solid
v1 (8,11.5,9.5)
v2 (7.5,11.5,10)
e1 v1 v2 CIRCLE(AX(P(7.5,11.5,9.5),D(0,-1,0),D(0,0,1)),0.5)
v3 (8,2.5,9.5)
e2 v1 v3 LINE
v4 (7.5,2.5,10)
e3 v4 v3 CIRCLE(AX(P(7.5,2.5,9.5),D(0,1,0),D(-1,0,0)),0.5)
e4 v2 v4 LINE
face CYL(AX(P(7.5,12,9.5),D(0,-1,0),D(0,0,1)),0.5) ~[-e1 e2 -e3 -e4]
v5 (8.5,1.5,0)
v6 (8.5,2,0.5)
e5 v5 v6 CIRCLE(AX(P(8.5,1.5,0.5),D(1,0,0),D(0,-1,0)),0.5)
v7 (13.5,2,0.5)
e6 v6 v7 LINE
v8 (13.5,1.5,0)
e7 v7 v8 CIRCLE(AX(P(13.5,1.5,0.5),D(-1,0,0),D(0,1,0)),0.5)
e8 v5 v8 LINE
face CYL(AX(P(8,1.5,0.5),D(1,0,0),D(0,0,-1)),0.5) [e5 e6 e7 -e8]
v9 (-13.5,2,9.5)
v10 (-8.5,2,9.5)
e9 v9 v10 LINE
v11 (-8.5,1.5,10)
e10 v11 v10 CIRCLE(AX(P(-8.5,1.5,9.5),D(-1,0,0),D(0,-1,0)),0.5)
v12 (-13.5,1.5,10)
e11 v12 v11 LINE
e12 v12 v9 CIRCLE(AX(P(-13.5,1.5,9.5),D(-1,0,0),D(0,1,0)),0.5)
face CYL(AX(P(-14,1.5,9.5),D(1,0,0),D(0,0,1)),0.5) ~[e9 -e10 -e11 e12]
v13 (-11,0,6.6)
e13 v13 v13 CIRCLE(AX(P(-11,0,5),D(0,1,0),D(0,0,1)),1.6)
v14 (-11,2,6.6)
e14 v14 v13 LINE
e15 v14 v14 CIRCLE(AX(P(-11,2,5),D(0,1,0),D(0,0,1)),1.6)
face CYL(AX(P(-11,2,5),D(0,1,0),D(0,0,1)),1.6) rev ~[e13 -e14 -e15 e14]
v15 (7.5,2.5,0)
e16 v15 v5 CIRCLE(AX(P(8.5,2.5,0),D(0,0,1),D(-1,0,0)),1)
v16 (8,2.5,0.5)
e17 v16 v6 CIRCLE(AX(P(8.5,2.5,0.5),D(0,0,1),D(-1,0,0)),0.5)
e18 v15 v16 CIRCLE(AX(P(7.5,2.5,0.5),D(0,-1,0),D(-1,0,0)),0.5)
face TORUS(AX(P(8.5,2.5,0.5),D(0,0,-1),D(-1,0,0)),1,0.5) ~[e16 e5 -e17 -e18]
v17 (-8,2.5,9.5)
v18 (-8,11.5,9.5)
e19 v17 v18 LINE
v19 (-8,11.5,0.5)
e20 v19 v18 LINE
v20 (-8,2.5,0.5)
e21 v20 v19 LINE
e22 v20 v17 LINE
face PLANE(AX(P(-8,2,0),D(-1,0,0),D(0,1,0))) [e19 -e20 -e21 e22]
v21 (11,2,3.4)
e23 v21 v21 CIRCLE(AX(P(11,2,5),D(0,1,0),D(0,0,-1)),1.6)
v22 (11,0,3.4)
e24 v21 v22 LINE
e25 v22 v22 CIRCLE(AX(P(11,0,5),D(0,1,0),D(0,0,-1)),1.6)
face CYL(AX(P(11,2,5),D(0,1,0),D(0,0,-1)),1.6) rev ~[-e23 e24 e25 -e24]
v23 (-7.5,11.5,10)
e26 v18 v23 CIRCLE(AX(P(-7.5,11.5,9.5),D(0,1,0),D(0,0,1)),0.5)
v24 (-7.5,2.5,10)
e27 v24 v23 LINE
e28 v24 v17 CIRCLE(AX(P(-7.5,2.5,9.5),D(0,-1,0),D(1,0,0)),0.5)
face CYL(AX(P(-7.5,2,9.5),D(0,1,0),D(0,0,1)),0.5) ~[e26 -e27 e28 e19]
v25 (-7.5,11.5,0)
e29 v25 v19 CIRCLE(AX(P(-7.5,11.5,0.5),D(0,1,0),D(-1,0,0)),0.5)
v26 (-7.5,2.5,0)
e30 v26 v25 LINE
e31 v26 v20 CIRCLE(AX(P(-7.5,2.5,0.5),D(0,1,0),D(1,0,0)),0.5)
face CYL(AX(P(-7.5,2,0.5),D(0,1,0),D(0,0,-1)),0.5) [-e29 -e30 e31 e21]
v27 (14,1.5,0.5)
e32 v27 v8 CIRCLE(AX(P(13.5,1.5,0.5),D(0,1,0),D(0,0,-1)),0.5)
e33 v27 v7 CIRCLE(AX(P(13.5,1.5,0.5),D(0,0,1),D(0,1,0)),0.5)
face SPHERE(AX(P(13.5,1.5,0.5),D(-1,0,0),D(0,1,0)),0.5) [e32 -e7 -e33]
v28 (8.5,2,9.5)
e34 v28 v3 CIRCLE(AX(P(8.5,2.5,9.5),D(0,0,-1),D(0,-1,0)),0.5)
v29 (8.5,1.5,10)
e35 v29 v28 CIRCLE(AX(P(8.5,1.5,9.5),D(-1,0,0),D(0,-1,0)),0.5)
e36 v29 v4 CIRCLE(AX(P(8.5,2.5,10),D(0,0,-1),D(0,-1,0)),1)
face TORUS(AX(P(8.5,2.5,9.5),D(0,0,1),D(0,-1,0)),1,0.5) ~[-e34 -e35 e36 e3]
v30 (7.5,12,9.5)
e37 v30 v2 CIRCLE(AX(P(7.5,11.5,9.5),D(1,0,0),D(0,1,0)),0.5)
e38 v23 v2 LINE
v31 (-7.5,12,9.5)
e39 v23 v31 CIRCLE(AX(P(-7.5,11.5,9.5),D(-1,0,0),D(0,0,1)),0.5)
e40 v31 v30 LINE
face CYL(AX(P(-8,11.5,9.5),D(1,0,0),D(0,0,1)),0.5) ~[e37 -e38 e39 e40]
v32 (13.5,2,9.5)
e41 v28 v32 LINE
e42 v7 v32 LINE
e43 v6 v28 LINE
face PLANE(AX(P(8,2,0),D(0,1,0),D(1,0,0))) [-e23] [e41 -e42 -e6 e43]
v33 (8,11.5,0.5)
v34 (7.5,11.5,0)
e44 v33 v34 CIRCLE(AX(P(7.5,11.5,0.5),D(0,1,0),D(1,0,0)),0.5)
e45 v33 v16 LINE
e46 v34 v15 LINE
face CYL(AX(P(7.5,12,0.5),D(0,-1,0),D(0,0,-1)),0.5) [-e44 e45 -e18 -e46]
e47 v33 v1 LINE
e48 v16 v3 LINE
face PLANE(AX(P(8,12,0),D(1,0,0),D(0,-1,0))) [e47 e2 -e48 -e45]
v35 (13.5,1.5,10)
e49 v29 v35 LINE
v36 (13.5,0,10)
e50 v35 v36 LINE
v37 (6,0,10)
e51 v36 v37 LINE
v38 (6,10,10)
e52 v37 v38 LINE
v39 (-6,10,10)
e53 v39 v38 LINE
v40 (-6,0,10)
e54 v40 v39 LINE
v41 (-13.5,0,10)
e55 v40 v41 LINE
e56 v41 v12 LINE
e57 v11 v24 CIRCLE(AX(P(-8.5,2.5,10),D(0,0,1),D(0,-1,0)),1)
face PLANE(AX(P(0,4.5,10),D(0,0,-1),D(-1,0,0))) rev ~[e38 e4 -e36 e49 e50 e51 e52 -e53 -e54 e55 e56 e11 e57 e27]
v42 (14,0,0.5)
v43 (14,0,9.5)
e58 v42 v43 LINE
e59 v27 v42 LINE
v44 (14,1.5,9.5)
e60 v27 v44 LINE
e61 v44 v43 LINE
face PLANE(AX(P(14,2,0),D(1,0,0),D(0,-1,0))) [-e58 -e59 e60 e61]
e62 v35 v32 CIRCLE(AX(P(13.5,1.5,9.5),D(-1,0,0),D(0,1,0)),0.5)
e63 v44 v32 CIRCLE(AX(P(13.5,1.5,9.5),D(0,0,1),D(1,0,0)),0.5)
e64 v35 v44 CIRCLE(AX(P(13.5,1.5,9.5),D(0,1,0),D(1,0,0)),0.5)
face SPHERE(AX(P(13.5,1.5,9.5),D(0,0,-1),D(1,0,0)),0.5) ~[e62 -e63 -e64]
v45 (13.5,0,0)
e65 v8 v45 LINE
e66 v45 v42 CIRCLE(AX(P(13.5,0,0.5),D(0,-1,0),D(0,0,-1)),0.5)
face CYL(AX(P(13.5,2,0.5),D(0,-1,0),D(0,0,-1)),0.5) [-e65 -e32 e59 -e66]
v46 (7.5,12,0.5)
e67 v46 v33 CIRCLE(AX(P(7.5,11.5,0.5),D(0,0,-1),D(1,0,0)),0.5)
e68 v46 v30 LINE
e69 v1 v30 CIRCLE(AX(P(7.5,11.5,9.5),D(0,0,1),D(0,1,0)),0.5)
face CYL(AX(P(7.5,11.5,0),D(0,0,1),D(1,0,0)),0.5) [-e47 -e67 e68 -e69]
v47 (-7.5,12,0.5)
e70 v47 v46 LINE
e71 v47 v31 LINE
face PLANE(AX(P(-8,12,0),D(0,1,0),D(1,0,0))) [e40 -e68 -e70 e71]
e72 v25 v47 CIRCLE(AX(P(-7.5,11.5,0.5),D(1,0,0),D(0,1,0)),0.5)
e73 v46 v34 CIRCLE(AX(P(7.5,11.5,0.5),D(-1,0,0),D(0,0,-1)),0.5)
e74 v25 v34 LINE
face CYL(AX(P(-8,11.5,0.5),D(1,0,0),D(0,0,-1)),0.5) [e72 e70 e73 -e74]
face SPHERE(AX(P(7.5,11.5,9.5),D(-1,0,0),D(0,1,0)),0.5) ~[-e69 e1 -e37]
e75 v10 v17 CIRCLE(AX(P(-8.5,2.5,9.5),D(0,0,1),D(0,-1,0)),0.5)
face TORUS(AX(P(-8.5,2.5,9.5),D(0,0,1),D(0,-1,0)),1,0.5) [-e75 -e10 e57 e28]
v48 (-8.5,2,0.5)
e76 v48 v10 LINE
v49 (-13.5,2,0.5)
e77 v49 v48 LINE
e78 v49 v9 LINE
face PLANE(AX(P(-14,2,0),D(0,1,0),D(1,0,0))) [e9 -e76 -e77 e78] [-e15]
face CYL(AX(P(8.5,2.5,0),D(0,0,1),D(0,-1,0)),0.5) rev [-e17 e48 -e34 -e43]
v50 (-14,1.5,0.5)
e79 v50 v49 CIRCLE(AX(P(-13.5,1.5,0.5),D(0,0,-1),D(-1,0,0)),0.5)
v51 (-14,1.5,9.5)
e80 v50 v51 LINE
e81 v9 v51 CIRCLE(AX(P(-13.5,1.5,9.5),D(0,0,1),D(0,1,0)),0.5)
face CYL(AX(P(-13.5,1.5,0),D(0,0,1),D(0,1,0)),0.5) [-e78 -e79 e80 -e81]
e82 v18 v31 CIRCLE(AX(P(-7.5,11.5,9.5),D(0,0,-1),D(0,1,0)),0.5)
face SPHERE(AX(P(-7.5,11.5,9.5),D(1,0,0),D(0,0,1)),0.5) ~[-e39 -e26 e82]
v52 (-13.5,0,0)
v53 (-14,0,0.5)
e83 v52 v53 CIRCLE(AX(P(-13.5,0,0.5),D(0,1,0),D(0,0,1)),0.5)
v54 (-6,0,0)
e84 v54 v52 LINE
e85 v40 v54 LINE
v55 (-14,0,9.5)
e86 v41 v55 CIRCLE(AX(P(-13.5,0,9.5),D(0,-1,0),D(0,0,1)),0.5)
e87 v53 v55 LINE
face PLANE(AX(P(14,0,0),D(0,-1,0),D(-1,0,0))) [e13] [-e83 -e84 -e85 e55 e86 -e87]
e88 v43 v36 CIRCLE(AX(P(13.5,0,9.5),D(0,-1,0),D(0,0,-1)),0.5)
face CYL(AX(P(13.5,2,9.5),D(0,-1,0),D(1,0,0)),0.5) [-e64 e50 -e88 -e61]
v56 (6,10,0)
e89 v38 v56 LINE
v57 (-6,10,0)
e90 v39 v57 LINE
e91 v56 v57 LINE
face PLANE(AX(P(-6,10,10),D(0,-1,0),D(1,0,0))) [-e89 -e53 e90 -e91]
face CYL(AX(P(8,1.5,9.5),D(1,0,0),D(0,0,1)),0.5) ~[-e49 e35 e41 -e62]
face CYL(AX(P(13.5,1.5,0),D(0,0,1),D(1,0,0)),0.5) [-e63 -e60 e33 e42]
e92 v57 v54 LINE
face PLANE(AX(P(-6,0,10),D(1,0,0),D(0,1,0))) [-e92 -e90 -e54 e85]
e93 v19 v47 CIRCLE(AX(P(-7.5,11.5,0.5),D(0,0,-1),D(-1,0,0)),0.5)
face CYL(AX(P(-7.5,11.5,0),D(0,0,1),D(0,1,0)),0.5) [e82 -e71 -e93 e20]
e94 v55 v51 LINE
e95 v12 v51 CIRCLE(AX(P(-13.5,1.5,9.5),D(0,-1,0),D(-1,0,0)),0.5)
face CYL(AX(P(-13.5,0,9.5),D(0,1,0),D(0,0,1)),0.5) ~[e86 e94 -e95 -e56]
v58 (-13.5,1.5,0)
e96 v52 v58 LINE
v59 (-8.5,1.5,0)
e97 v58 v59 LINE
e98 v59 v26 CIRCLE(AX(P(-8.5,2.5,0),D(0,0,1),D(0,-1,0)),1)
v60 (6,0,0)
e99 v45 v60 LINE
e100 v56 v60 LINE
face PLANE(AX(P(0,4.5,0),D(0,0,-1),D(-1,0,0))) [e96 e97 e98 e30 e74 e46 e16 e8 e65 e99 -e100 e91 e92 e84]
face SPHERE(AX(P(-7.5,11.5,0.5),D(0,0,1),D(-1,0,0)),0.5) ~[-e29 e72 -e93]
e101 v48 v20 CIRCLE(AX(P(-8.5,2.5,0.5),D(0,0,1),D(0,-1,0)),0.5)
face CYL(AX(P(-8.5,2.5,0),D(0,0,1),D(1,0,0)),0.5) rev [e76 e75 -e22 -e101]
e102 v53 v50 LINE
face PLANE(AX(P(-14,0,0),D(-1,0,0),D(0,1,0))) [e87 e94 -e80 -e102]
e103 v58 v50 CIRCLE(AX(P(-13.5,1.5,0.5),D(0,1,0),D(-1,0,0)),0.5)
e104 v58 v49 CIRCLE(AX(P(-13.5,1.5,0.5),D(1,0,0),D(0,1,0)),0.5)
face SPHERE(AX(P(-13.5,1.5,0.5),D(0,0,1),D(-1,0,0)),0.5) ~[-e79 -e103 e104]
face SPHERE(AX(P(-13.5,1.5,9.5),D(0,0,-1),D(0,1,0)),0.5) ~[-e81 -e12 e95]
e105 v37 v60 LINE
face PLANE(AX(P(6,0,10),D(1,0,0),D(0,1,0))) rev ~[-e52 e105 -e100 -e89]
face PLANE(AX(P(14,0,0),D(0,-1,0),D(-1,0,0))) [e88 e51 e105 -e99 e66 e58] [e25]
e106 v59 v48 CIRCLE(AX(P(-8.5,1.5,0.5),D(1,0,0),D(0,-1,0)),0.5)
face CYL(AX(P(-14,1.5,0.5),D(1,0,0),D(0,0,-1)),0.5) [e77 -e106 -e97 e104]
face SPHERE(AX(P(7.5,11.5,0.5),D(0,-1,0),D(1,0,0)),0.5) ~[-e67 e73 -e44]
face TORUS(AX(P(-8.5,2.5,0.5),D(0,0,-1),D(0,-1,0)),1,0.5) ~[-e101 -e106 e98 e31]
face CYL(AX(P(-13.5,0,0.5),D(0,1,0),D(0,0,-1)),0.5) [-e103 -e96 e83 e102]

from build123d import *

# Parameters (mm, degrees)
GRUNDK_RPER_DEPTH      = 10
SKIZZE2_W              = 12
SKIZZE2_H              = 10
AUSSCHNITT_MITTE_DEPTH = 21.976176963
SKIZZE3_R              = 1.6
BOHRUNGEN_DEPTH        = 20.899748742
VERRUNDUNG1_R          = 0.5


with BuildPart() as part:
    # Skizze1 → Grundkörper (new body)
    with BuildSketch(Plane.XY):
        Polygon((14, 0), (-14, 0), (-14, 2), (-8, 2), (-8, 12), (8, 12), (8, 2), (14, 2), align=None)
    extrude(amount=GRUNDK_RPER_DEPTH)

    # Skizze2 → Ausschnitt_Mitte (cut, through all)
    with BuildSketch(Plane.XY.offset(10)):
        with Locations((0, 5)):
            Rectangle(SKIZZE2_W, SKIZZE2_H)
    extrude(amount=-AUSSCHNITT_MITTE_DEPTH, mode=Mode.SUBTRACT)

    # Skizze3 → Bohrungen (cut, through all)
    with BuildSketch(Plane(origin=(0, 2, 0), x_dir=(1, 0, 0), z_dir=(0, 1, 0))):
        with Locations(Location((-11, -5, 0), (0, 0, 270))):
            Circle(SKIZZE3_R)
        with Locations(Location((11, -5, 0), (0, 0, 90))):
            Circle(SKIZZE3_R)
    extrude(amount=-BOHRUNGEN_DEPTH, mode=Mode.SUBTRACT)

    # Verrundung1
    verrundung1_edges = [part.edges().sort_by_distance(p)[0] for p in [
        (0, 12, 10),
        (8, 7, 0),
        (11, 2, 0),
        (-8, 7, 10),
        (14, 2, 5),
        (-14, 2, 5),
        (-8, 2, 5),
        (-8, 12, 5),
        (8, 12, 5),
        (8, 2, 5),
        (-11, 2, 10),
        (-14, 1, 10),
        (14, 1, 10),
        (11, 2, 10),
        (8, 7, 10),
        (14, 1, 0),
        (-14, 1, 0),
        (-11, 2, 0),
        (-8, 7, 0),
        (0, 12, 0),
    ]]
    fillet(verrundung1_edges, radius=VERRUNDUNG1_R)


solid = part.part
